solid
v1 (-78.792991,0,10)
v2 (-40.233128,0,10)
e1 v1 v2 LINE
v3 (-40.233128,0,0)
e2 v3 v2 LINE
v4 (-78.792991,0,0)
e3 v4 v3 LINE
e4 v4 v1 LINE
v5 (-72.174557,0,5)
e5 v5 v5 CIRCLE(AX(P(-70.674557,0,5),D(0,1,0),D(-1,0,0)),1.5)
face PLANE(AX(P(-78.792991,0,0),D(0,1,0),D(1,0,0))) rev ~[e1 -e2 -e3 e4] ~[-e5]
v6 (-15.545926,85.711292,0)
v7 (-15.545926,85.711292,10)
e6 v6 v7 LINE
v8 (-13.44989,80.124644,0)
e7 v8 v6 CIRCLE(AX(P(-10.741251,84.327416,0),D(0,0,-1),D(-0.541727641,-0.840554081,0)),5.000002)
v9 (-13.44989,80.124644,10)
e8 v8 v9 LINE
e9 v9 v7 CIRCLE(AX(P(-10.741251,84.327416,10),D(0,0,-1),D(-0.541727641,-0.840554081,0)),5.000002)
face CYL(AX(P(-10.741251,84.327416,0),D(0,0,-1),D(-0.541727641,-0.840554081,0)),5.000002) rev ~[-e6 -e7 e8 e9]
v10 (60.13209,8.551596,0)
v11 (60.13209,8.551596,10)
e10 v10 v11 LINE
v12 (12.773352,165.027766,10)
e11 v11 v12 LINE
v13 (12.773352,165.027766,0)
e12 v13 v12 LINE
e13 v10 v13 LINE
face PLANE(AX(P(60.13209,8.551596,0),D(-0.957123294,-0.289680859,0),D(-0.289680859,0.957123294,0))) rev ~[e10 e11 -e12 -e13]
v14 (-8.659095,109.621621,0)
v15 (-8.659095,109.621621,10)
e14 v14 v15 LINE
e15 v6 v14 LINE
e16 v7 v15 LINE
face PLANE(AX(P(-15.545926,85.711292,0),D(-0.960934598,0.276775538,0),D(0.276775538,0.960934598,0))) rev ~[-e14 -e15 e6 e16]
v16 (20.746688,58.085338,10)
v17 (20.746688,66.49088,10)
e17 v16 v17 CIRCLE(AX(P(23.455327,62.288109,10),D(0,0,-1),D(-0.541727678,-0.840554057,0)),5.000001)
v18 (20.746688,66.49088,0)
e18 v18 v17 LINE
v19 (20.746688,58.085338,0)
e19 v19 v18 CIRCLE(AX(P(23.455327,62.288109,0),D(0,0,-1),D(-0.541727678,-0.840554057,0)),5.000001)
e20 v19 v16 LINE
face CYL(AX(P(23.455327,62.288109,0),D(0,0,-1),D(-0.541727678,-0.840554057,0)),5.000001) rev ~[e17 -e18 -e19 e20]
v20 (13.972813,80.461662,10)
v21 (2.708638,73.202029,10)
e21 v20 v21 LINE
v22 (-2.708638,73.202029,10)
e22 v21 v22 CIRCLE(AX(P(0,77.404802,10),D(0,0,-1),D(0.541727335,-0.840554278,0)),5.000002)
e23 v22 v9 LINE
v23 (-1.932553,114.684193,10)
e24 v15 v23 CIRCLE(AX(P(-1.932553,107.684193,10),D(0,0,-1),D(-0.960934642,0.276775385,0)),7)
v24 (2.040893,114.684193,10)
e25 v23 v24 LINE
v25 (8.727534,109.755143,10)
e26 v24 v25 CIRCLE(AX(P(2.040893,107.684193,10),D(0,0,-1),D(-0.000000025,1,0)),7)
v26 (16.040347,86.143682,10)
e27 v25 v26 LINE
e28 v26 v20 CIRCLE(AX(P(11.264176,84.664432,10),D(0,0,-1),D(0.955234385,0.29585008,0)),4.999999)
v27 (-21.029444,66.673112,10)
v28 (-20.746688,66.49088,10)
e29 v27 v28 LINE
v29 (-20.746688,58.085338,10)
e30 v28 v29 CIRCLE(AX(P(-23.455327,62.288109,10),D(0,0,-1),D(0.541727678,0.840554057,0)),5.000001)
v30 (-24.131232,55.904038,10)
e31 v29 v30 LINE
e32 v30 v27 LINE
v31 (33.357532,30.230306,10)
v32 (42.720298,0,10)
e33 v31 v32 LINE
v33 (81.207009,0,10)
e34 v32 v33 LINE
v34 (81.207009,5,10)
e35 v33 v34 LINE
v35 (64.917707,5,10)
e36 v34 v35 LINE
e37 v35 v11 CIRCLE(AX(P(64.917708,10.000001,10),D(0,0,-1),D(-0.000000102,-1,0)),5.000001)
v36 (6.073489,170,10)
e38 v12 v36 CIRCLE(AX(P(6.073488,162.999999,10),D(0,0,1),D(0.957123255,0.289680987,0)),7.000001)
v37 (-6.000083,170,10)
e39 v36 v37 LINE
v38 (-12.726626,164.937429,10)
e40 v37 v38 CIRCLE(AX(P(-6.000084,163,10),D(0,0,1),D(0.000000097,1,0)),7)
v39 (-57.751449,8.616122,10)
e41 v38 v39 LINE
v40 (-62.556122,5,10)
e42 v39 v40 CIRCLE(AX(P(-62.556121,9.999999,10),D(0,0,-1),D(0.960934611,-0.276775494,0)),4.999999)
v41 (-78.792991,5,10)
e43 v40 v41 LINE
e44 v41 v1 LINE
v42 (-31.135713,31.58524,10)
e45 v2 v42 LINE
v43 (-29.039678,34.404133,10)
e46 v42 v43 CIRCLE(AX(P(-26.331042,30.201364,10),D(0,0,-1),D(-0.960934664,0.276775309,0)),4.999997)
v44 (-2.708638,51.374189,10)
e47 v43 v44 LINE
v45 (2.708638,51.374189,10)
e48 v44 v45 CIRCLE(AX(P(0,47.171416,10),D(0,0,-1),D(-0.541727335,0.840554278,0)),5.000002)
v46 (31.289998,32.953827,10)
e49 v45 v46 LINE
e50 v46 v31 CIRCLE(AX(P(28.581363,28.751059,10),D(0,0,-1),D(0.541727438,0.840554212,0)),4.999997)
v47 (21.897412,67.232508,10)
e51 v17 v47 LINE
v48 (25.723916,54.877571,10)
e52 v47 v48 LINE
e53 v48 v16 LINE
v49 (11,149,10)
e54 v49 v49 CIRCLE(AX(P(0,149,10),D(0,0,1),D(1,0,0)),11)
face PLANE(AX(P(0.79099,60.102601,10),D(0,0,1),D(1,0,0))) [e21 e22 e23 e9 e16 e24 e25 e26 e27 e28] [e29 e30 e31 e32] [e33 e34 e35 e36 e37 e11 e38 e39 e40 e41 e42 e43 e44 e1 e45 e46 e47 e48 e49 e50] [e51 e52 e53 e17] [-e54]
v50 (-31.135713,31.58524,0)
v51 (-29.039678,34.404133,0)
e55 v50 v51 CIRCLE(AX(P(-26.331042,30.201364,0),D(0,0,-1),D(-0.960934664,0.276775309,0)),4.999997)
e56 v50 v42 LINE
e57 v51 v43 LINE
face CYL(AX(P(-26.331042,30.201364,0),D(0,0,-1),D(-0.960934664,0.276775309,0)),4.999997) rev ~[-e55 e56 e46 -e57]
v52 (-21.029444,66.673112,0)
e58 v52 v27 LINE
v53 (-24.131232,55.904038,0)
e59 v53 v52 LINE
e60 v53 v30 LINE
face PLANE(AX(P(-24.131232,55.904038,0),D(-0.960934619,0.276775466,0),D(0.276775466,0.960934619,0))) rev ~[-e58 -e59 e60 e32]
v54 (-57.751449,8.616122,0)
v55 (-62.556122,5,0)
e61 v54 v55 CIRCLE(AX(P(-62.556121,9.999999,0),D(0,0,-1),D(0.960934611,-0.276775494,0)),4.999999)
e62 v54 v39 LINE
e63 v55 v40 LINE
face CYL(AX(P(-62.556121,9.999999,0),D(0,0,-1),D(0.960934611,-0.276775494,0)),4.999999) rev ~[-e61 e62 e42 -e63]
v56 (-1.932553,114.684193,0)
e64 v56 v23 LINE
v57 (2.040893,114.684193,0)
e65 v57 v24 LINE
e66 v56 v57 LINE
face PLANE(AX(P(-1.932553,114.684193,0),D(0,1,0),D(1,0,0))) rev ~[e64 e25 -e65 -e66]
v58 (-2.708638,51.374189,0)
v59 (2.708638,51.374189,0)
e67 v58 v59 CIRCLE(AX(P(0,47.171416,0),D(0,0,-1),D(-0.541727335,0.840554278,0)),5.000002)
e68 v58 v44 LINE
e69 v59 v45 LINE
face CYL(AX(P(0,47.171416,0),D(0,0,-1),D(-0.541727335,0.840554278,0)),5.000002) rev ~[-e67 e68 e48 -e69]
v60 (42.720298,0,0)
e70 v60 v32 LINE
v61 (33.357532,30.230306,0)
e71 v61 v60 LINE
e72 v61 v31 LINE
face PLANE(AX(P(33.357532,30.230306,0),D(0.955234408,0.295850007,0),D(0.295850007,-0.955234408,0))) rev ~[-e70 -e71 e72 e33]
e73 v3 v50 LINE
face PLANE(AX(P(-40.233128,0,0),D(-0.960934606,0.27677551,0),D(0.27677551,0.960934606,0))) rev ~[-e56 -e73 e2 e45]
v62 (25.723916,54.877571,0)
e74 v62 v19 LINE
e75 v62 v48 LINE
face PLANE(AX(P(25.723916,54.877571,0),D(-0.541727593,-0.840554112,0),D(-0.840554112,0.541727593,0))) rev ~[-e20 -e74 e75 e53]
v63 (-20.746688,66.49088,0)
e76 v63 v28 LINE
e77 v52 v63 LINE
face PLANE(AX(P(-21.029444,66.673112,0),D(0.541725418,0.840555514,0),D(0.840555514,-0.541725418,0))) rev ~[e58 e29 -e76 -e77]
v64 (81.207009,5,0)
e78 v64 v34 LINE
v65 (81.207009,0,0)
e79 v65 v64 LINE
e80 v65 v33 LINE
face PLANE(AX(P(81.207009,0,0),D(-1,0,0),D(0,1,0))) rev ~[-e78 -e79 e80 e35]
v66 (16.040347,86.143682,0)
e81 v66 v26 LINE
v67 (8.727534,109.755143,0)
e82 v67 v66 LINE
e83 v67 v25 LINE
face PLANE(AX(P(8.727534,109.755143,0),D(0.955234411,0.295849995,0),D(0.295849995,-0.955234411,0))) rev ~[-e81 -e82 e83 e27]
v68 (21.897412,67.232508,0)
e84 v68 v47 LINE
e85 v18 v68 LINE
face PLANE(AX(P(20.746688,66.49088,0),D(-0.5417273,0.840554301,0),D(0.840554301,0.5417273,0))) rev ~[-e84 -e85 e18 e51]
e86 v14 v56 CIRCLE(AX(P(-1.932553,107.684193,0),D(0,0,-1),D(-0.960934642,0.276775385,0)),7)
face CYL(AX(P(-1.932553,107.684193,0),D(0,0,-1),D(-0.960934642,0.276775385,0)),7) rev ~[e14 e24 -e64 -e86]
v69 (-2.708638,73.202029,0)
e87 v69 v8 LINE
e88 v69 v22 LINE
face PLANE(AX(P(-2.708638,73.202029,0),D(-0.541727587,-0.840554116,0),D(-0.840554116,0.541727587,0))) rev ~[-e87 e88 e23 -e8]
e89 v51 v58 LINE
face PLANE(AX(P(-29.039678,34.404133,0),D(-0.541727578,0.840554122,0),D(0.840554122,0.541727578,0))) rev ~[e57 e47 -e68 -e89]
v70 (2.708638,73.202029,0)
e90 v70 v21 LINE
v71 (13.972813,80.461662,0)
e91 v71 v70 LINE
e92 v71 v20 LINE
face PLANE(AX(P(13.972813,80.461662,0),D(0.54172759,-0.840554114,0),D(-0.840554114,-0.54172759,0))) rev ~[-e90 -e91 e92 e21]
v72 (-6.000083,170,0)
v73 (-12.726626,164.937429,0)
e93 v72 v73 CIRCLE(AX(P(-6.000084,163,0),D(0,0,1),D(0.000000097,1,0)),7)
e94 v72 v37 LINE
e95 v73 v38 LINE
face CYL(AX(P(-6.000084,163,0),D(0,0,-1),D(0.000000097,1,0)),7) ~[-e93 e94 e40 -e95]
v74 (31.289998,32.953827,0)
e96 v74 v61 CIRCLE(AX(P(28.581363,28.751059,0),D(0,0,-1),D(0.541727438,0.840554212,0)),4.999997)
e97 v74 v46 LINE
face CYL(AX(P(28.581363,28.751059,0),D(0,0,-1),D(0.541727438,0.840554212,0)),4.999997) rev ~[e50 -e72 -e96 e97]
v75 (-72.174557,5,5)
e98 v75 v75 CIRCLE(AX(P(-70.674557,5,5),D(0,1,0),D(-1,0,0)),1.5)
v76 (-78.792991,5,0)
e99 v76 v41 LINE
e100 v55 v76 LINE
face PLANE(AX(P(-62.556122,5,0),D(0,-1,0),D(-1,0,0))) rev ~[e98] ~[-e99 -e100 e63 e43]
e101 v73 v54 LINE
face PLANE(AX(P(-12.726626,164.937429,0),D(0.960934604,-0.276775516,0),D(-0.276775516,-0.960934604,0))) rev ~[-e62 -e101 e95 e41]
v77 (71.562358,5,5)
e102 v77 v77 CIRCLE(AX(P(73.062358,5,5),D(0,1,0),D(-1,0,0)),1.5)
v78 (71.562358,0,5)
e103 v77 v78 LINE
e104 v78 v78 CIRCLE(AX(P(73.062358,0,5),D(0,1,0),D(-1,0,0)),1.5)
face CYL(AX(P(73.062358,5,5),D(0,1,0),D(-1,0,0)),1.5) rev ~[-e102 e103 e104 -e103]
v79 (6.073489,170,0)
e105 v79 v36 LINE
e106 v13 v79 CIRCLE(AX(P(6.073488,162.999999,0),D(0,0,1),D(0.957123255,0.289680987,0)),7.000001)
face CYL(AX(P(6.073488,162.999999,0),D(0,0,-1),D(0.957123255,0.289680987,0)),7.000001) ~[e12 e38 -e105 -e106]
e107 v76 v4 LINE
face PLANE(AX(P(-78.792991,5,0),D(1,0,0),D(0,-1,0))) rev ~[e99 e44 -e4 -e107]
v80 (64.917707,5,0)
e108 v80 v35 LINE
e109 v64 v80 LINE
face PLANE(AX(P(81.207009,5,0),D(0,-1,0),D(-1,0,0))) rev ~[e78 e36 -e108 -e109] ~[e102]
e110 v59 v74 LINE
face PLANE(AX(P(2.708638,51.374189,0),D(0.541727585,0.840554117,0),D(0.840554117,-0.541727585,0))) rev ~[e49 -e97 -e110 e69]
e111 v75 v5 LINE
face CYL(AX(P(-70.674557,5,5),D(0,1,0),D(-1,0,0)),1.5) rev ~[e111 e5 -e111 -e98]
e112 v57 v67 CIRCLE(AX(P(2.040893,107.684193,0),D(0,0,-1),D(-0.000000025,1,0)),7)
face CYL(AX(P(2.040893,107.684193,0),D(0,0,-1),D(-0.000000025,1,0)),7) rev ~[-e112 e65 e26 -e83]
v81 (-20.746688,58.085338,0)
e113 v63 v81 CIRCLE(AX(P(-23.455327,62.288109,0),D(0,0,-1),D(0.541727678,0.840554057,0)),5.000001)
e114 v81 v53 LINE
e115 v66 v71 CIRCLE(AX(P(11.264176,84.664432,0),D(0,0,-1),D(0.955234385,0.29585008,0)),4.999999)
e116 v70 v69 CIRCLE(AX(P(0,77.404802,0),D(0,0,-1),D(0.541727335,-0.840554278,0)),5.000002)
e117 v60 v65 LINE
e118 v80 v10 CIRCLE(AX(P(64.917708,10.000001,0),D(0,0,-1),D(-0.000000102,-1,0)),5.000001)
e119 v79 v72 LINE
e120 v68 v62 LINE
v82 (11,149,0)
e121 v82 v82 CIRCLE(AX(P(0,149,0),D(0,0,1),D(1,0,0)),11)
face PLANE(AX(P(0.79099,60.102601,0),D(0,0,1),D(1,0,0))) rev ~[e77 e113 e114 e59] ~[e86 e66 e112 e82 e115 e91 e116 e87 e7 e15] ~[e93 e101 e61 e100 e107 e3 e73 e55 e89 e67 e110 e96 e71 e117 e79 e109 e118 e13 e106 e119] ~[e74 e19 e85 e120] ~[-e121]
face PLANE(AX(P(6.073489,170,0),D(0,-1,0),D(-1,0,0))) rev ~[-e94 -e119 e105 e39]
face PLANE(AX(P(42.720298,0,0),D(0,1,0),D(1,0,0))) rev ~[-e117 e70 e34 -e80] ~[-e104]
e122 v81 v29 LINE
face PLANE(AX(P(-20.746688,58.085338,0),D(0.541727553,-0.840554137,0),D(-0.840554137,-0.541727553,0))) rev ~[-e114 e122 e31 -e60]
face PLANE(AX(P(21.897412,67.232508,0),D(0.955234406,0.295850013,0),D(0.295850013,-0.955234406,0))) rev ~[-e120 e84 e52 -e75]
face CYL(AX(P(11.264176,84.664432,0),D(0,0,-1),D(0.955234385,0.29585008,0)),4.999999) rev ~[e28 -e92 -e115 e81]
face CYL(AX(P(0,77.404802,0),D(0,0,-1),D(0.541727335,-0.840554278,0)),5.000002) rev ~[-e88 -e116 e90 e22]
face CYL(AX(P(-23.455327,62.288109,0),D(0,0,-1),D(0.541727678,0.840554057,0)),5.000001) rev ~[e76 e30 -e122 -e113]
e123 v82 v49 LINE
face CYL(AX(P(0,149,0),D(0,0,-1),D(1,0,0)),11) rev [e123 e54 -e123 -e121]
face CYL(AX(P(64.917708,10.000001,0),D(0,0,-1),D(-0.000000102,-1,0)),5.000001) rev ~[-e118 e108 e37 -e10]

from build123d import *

# Parameters (mm, degrees)
F0_R     = 11
F1_DEPTH = 10
F3_R     = 1.5
F2_R     = 1.5
F4_DEPTH = 25


with BuildPart() as f1:
    # F0 (on Top) → F1 (new body)
    with BuildSketch(Plane.XY):
        with BuildLine():
            ThreePointArc((12.773352, 165.027766), (10.245157, 168.621137), (6.073489, 170))
            Line((6.073489, 170), (-6.000083, 170))
            ThreePointArc((-6.000083, 170), (-10.209478, 168.592942), (-12.726626, 164.937429))
            Line((-12.726626, 164.937429), (-57.751449, 8.616122))
            ThreePointArc((-57.751449, 8.616122), (-59.549412, 6.005041), (-62.556122, 5))
            Line((-62.556122, 5), (-78.792991, 5))
            Line((-78.792991, 5), (-78.792991, 0))
            Line((-78.792991, 0), (-60.233128, 0))
            Line((-60.233128, 0), (-40.233128, 0))
            Line((-40.233128, 0), (-31.135713, 31.58524))
            ThreePointArc((-31.135713, 31.58524), (-30.343396, 33.184817), (-29.039678, 34.404133))
            Line((-29.039678, 34.404133), (-2.708638, 51.374189))
            ThreePointArc((-2.708638, 51.374189), (0, 52.171418), (2.708638, 51.374189))
            Line((2.708638, 51.374189), (31.289998, 32.953827))
            ThreePointArc((31.289998, 32.953827), (32.56382, 31.774302), (33.357532, 30.230306))
            Line((33.357532, 30.230306), (42.720298, 0))
            Line((42.720298, 0), (62.720298, 0))
            Line((62.720298, 0), (81.207009, 0))
            Line((81.207009, 0), (81.207009, 5))
            Line((81.207009, 5), (64.917707, 5))
            ThreePointArc((64.917707, 5), (61.937944, 5.984902), (60.13209, 8.551596))
            Line((60.13209, 8.551596), (12.773352, 165.027766))
        make_face()
        with BuildLine():
            Line((-20.746688, 58.085338), (-24.131232, 55.904038))
            Line((-24.131232, 55.904038), (-21.029444, 66.673112))
            Line((-21.029444, 66.673112), (-20.746688, 66.49088))
            ThreePointArc((-20.746688, 66.49088), (-18.455326, 62.288109), (-20.746688, 58.085338))
        make_face(mode=Mode.SUBTRACT)
        with BuildLine():
            Line((21.897412, 67.232508), (25.723916, 54.877571))
            Line((25.723916, 54.877571), (20.746688, 58.085338))
            ThreePointArc((20.746688, 58.085338), (18.455326, 62.288109), (20.746688, 66.49088))
            Line((20.746688, 66.49088), (21.897412, 67.232508))
        make_face(mode=Mode.SUBTRACT)
        with BuildLine():
            ThreePointArc((-8.659095, 109.621621), (-6.141947, 113.277135), (-1.932553, 114.684193))
            Line((-1.932553, 114.684193), (2.040893, 114.684193))
            ThreePointArc((2.040893, 114.684193), (6.194407, 113.318758), (8.727534, 109.755143))
            Line((8.727534, 109.755143), (16.040347, 86.143682))
            ThreePointArc((16.040347, 86.143682), (15.962785, 82.954735), (13.972813, 80.461662))
            Line((13.972813, 80.461662), (2.708638, 73.202029))
            ThreePointArc((2.708638, 73.202029), (0, 72.4048), (-2.708638, 73.202029))
            Line((-2.708638, 73.202029), (-13.44989, 80.124644))
            ThreePointArc((-13.44989, 80.124644), (-15.422611, 82.571032), (-15.545926, 85.711292))
            Line((-15.545926, 85.711292), (-8.659095, 109.621621))
        make_face(mode=Mode.SUBTRACT)
        with Locations((0, 149)):
            Circle(F0_R, mode=Mode.SUBTRACT)
    extrude(amount=F1_DEPTH)

    # F3 (on face) + F2 (on face) → F4 (cut)
    with BuildSketch(Plane(origin=(0, 5, 0), x_dir=(-1, 0, 0), z_dir=(0, 1, 0))):
        with Locations((-73.062358, 5)):
            Circle(F3_R)
    with BuildSketch(Plane(origin=(0, 5, 0), x_dir=(-1, 0, 0), z_dir=(0, 1, 0))):
        with Locations((70.674557, 5)):
            Circle(F2_R)
    extrude(amount=-F4_DEPTH, mode=Mode.SUBTRACT)


solid = f1.part
